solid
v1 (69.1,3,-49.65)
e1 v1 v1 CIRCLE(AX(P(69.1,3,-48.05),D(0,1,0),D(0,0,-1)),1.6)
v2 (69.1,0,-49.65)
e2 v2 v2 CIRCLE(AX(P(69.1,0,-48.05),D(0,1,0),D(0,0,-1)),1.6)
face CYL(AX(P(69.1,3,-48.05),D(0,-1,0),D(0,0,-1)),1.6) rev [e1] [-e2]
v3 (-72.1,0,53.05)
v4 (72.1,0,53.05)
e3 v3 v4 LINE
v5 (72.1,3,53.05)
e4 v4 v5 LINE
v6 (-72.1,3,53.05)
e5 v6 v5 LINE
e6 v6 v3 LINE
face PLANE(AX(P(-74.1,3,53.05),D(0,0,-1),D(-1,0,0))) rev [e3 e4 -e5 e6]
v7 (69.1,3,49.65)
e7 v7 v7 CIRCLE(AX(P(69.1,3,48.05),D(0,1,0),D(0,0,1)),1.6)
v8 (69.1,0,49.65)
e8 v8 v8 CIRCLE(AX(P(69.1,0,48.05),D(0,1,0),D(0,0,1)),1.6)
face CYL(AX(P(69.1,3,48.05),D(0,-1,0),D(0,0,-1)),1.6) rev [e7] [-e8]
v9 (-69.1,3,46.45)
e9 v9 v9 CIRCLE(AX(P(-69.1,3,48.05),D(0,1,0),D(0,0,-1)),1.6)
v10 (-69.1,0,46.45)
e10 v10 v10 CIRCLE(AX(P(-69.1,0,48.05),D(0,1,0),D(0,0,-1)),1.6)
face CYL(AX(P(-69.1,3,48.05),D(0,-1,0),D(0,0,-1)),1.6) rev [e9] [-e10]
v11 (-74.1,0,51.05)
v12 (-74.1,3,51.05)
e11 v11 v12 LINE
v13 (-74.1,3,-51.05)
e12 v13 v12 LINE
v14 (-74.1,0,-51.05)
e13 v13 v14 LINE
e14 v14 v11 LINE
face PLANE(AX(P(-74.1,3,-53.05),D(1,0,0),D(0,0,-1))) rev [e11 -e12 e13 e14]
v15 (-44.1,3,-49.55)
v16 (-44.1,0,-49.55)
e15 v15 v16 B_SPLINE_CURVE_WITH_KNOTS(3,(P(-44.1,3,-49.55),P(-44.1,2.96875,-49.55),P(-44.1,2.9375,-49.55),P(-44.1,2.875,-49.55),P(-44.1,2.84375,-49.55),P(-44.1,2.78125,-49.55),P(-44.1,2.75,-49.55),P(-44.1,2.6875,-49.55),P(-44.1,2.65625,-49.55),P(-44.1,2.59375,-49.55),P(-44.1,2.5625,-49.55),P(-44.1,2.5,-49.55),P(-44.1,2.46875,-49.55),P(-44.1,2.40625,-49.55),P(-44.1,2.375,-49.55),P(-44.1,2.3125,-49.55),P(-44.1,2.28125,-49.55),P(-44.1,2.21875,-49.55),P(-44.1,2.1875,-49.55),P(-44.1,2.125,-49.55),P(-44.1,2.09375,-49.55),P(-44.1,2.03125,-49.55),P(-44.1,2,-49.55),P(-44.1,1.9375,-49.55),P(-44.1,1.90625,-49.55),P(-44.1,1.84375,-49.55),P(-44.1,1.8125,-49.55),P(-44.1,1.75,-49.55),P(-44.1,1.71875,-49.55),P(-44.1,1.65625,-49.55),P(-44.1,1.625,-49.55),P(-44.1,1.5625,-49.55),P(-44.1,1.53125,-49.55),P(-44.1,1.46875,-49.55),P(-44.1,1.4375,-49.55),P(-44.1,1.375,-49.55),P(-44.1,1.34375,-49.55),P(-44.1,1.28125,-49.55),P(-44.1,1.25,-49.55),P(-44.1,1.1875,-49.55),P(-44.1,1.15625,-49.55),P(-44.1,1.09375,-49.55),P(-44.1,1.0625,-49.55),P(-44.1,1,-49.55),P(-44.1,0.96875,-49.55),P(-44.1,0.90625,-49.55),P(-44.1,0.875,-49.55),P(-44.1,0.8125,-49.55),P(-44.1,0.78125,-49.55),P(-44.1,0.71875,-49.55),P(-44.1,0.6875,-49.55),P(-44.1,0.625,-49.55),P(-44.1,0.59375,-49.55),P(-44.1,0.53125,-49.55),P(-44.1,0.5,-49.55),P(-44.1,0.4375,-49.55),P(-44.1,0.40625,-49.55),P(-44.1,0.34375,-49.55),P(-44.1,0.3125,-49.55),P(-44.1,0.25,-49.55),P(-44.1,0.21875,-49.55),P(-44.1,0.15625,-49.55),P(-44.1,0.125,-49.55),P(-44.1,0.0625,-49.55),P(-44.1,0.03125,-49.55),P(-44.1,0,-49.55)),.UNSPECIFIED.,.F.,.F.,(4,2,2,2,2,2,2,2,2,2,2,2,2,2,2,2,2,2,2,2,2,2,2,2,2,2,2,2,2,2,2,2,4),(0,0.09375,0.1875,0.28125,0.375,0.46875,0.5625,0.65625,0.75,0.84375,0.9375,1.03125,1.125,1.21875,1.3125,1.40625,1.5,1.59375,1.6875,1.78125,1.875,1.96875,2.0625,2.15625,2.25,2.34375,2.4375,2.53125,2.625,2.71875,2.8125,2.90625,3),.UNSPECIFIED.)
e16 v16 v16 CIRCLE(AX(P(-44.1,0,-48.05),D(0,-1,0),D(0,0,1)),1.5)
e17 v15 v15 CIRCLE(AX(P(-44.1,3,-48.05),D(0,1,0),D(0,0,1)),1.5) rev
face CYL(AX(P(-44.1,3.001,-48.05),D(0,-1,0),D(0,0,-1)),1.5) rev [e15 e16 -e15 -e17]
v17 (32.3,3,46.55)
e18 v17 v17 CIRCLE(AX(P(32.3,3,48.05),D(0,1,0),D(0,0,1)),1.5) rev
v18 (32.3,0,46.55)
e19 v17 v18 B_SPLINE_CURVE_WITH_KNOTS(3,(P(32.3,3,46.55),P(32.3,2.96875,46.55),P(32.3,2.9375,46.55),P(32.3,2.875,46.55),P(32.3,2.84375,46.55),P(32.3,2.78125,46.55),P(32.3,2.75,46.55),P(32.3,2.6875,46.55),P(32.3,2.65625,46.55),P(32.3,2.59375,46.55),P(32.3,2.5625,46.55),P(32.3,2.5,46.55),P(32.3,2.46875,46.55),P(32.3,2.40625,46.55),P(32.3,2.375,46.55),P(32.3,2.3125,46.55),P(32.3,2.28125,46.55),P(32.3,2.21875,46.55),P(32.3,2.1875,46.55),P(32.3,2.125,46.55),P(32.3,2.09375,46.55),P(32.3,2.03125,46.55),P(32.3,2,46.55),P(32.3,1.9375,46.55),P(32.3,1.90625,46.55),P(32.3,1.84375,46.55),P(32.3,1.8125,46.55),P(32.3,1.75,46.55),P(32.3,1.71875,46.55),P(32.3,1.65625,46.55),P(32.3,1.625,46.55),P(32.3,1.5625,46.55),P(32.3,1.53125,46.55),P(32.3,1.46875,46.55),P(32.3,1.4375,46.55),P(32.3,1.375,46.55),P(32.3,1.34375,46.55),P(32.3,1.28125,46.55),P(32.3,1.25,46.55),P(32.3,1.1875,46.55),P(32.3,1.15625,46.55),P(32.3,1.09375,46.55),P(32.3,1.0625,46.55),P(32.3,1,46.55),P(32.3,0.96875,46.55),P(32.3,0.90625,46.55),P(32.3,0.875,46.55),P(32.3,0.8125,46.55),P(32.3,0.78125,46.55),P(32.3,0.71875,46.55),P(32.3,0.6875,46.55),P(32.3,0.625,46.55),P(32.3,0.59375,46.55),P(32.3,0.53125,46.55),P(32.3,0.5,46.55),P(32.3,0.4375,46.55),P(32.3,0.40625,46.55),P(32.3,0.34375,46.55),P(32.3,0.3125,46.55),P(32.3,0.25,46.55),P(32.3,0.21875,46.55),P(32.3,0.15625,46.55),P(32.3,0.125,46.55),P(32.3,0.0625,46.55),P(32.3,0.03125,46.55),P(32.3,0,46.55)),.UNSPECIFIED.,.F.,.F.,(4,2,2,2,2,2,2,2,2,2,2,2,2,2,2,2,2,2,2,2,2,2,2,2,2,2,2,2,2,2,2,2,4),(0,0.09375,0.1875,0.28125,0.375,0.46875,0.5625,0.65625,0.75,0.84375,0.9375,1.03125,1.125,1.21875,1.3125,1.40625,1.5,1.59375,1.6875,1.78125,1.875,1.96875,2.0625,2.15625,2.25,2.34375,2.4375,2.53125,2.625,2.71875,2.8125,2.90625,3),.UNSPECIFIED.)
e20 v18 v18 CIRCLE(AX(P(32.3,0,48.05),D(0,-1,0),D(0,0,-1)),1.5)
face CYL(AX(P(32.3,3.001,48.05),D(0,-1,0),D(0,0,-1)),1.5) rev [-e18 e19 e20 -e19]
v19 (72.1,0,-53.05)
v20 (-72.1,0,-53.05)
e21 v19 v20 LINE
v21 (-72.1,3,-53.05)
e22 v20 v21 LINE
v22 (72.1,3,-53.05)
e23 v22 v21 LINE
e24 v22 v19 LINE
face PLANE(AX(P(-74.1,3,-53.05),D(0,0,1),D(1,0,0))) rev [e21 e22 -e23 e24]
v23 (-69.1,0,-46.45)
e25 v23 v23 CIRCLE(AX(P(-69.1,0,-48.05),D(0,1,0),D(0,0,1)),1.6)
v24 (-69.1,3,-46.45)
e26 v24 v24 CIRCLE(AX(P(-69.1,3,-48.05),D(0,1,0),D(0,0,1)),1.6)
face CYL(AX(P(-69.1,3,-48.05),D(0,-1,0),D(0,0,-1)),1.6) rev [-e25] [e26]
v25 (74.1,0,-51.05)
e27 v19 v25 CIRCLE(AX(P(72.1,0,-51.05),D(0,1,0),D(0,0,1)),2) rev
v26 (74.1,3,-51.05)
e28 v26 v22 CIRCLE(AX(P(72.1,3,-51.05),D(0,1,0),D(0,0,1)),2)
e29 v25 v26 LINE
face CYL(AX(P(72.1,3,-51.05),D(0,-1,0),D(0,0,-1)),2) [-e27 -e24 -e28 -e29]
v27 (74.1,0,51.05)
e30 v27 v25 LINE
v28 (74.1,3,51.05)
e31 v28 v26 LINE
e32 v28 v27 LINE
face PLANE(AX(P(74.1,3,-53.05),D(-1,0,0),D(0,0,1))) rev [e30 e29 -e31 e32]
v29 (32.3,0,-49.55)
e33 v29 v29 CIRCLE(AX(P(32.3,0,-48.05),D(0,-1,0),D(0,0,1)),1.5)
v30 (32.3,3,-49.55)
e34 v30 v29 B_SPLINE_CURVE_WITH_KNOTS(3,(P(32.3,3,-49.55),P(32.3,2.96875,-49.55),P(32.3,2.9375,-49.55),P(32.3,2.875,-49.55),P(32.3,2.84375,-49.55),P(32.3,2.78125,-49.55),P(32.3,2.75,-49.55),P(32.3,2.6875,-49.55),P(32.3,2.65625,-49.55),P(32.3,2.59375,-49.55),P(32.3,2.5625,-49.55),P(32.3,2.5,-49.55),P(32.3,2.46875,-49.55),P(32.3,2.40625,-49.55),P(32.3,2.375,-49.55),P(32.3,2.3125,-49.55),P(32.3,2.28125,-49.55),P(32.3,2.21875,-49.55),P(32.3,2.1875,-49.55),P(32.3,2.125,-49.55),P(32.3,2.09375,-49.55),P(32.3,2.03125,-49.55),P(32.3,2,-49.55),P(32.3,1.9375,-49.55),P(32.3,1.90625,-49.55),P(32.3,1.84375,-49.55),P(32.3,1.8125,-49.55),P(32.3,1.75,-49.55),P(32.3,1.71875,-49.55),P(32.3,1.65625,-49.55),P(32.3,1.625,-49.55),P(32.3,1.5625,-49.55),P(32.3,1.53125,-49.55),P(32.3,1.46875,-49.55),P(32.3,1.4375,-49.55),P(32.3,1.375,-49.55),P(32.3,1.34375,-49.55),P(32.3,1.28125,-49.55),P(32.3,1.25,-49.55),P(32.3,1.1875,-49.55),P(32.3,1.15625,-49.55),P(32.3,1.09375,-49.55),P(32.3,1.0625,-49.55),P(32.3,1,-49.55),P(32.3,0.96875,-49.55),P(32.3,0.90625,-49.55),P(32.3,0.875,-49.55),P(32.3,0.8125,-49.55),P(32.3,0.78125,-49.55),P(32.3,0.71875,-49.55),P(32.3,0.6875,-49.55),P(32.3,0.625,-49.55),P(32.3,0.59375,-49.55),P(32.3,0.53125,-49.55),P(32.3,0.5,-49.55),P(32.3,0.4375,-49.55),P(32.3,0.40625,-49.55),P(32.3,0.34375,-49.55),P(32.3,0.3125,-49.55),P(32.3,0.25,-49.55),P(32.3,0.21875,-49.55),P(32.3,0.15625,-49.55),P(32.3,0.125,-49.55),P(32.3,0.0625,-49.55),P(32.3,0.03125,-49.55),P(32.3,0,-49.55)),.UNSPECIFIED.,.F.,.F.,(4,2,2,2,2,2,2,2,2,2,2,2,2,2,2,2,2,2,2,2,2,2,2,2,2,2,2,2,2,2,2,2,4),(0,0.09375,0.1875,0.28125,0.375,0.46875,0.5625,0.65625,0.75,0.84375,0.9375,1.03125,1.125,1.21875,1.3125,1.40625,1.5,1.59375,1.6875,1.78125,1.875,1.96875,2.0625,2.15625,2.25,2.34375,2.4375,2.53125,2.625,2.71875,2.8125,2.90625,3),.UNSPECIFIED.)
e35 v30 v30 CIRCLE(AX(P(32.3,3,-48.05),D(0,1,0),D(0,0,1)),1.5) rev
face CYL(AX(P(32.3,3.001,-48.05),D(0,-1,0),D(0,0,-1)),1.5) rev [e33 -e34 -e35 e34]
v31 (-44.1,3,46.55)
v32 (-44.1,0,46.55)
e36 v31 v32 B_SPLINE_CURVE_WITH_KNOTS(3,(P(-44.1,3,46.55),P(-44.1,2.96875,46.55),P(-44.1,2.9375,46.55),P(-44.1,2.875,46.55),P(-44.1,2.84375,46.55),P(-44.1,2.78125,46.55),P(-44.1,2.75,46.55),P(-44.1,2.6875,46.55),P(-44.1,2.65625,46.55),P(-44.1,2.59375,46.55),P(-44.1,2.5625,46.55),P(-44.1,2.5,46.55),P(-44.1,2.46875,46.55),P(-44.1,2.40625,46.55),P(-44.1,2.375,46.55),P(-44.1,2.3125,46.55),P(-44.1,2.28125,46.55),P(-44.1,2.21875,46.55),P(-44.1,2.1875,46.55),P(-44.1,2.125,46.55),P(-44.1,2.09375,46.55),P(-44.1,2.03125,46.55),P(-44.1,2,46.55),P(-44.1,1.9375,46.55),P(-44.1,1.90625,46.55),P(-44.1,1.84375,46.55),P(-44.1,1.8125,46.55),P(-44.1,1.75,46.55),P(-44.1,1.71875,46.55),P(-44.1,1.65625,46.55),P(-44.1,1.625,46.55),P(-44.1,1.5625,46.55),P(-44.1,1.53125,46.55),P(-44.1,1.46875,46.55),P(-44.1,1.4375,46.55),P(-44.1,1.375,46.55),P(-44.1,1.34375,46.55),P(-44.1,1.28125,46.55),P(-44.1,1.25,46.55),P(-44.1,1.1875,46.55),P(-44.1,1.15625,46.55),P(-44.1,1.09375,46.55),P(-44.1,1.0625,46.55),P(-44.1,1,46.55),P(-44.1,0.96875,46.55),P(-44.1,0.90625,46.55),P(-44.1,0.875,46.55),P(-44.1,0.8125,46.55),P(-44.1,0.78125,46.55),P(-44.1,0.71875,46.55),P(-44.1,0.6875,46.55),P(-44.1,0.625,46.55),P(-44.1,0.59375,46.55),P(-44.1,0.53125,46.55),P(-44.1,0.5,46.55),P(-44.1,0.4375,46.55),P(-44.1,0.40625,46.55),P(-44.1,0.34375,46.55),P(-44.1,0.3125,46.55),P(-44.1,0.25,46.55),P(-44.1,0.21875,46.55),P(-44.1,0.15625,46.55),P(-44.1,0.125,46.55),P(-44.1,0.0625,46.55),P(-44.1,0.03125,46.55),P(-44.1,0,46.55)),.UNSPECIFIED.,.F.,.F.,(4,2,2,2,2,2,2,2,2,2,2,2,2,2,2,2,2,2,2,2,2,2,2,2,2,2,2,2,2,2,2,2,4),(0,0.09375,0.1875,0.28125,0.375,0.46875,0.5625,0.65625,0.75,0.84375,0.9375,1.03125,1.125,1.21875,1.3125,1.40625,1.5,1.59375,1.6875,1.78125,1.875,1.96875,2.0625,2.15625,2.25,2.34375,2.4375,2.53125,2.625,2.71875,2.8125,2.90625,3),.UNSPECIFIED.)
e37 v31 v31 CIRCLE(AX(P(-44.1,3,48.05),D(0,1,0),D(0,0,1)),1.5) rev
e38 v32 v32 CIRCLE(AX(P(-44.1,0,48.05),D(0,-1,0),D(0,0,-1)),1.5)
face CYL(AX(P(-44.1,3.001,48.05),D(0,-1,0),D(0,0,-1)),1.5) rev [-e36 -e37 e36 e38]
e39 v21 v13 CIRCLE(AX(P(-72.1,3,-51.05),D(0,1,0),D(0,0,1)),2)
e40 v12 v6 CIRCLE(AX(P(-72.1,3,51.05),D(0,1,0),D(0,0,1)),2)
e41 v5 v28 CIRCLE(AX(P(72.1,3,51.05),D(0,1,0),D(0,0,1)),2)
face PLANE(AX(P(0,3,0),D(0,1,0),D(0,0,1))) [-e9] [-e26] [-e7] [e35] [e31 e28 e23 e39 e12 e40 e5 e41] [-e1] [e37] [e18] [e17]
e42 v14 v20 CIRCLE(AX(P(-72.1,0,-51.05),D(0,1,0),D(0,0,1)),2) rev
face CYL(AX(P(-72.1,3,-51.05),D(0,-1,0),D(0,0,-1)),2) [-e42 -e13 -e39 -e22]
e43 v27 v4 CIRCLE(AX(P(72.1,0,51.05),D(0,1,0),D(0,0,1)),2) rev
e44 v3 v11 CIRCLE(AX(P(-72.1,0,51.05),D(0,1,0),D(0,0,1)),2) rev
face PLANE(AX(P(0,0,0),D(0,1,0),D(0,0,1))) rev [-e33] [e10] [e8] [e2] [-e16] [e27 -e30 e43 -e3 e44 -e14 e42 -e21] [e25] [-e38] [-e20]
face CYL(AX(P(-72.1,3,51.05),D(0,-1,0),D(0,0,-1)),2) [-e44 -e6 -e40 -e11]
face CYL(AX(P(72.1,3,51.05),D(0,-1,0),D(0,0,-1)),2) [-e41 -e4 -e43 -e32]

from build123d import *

# Parameters (mm, degrees)
SKETCH1_W           = 148.2
SKETCH1_H           = 106.1
SKETCH1_R           = 1.6
BOSS_EXTRUDE1_DEPTH = 3
FILLET1_R           = 2
CUT_EXTRUDE1_REACH  = 93.182
SKETCH3_R           = 1.5


with BuildPart() as part:
    # Sketch1 → Boss-Extrude1 (new body)
    with BuildSketch(Plane(origin=(0, 0, 0), x_dir=(1, 0, 0), z_dir=(0, 1, 0))):
        Rectangle(SKETCH1_W, SKETCH1_H)
        with Locations(Location((-69.1, 48.05, 0), (0, 0, 270))):
            Circle(SKETCH1_R, mode=Mode.SUBTRACT)
        with Locations(Location((-69.1, -48.05, 0), (0, 0, 90))):
            Circle(SKETCH1_R, mode=Mode.SUBTRACT)
        with Locations(Location((69.1, -48.05, 0), (0, 0, 270))):
            Circle(SKETCH1_R, mode=Mode.SUBTRACT)
        with Locations(Location((69.1, 48.05, 0), (0, 0, 90))):
            Circle(SKETCH1_R, mode=Mode.SUBTRACT)
    extrude(amount=BOSS_EXTRUDE1_DEPTH)

    # Fillet1
    fillet1_edges = [part.edges().sort_by_distance(p)[0] for p in [
        (-74.1, 1.5, -53.05),
        (74.1, 1.5, -53.05),
        (74.1, 1.5, 53.05),
        (-74.1, 1.5, 53.05),
    ]]
    fillet(fillet1_edges, radius=FILLET1_R)

    # Sketch3 → Cut-Extrude1 (cut, up to next)
    with BuildSketch(Plane.XZ, mode=Mode.PRIVATE) as cut_extrude1_sk1:
        with Locations(Location((32.3, 48.05, 0), (0, 0, 270))):
            Circle(SKETCH3_R)
    cut_extrude1_tool1 = extrude(cut_extrude1_sk1.sketch, amount=-CUT_EXTRUDE1_REACH, mode=Mode.PRIVATE) & part.part
    # Sketch3 → Cut-Extrude1 (cut, up to next)
    with BuildSketch(Plane.XZ, mode=Mode.PRIVATE) as cut_extrude1_sk2:
        with Locations(Location((-44.1, 48.05, 0), (0, 0, 270))):
            Circle(SKETCH3_R)
    cut_extrude1_tool2 = extrude(cut_extrude1_sk2.sketch, amount=-CUT_EXTRUDE1_REACH, mode=Mode.PRIVATE) & part.part
    # Sketch3 → Cut-Extrude1 (cut, up to next)
    with BuildSketch(Plane.XZ, mode=Mode.PRIVATE) as cut_extrude1_sk3:
        with Locations(Location((-44.1, -48.05, 0), (0, 0, 270))):
            Circle(SKETCH3_R)
    cut_extrude1_tool3 = extrude(cut_extrude1_sk3.sketch, amount=-CUT_EXTRUDE1_REACH, mode=Mode.PRIVATE) & part.part
    # Sketch3 → Cut-Extrude1 (cut, up to next)
    with BuildSketch(Plane.XZ, mode=Mode.PRIVATE) as cut_extrude1_sk4:
        with Locations(Location((32.3, -48.05, 0), (0, 0, 270))):
            Circle(SKETCH3_R)
    cut_extrude1_tool4 = extrude(cut_extrude1_sk4.sketch, amount=-CUT_EXTRUDE1_REACH, mode=Mode.PRIVATE) & part.part
    add(cut_extrude1_tool1.solids().sort_by_distance((32.3, 0, 48.05))[0], mode=Mode.SUBTRACT)
    add(cut_extrude1_tool2.solids().sort_by_distance((-44.1, 0, 48.05))[0], mode=Mode.SUBTRACT)
    add(cut_extrude1_tool3.solids().sort_by_distance((-44.1, 0, -48.05))[0], mode=Mode.SUBTRACT)
    add(cut_extrude1_tool4.solids().sort_by_distance((32.3, 0, -48.05))[0], mode=Mode.SUBTRACT)


solid = part.part
